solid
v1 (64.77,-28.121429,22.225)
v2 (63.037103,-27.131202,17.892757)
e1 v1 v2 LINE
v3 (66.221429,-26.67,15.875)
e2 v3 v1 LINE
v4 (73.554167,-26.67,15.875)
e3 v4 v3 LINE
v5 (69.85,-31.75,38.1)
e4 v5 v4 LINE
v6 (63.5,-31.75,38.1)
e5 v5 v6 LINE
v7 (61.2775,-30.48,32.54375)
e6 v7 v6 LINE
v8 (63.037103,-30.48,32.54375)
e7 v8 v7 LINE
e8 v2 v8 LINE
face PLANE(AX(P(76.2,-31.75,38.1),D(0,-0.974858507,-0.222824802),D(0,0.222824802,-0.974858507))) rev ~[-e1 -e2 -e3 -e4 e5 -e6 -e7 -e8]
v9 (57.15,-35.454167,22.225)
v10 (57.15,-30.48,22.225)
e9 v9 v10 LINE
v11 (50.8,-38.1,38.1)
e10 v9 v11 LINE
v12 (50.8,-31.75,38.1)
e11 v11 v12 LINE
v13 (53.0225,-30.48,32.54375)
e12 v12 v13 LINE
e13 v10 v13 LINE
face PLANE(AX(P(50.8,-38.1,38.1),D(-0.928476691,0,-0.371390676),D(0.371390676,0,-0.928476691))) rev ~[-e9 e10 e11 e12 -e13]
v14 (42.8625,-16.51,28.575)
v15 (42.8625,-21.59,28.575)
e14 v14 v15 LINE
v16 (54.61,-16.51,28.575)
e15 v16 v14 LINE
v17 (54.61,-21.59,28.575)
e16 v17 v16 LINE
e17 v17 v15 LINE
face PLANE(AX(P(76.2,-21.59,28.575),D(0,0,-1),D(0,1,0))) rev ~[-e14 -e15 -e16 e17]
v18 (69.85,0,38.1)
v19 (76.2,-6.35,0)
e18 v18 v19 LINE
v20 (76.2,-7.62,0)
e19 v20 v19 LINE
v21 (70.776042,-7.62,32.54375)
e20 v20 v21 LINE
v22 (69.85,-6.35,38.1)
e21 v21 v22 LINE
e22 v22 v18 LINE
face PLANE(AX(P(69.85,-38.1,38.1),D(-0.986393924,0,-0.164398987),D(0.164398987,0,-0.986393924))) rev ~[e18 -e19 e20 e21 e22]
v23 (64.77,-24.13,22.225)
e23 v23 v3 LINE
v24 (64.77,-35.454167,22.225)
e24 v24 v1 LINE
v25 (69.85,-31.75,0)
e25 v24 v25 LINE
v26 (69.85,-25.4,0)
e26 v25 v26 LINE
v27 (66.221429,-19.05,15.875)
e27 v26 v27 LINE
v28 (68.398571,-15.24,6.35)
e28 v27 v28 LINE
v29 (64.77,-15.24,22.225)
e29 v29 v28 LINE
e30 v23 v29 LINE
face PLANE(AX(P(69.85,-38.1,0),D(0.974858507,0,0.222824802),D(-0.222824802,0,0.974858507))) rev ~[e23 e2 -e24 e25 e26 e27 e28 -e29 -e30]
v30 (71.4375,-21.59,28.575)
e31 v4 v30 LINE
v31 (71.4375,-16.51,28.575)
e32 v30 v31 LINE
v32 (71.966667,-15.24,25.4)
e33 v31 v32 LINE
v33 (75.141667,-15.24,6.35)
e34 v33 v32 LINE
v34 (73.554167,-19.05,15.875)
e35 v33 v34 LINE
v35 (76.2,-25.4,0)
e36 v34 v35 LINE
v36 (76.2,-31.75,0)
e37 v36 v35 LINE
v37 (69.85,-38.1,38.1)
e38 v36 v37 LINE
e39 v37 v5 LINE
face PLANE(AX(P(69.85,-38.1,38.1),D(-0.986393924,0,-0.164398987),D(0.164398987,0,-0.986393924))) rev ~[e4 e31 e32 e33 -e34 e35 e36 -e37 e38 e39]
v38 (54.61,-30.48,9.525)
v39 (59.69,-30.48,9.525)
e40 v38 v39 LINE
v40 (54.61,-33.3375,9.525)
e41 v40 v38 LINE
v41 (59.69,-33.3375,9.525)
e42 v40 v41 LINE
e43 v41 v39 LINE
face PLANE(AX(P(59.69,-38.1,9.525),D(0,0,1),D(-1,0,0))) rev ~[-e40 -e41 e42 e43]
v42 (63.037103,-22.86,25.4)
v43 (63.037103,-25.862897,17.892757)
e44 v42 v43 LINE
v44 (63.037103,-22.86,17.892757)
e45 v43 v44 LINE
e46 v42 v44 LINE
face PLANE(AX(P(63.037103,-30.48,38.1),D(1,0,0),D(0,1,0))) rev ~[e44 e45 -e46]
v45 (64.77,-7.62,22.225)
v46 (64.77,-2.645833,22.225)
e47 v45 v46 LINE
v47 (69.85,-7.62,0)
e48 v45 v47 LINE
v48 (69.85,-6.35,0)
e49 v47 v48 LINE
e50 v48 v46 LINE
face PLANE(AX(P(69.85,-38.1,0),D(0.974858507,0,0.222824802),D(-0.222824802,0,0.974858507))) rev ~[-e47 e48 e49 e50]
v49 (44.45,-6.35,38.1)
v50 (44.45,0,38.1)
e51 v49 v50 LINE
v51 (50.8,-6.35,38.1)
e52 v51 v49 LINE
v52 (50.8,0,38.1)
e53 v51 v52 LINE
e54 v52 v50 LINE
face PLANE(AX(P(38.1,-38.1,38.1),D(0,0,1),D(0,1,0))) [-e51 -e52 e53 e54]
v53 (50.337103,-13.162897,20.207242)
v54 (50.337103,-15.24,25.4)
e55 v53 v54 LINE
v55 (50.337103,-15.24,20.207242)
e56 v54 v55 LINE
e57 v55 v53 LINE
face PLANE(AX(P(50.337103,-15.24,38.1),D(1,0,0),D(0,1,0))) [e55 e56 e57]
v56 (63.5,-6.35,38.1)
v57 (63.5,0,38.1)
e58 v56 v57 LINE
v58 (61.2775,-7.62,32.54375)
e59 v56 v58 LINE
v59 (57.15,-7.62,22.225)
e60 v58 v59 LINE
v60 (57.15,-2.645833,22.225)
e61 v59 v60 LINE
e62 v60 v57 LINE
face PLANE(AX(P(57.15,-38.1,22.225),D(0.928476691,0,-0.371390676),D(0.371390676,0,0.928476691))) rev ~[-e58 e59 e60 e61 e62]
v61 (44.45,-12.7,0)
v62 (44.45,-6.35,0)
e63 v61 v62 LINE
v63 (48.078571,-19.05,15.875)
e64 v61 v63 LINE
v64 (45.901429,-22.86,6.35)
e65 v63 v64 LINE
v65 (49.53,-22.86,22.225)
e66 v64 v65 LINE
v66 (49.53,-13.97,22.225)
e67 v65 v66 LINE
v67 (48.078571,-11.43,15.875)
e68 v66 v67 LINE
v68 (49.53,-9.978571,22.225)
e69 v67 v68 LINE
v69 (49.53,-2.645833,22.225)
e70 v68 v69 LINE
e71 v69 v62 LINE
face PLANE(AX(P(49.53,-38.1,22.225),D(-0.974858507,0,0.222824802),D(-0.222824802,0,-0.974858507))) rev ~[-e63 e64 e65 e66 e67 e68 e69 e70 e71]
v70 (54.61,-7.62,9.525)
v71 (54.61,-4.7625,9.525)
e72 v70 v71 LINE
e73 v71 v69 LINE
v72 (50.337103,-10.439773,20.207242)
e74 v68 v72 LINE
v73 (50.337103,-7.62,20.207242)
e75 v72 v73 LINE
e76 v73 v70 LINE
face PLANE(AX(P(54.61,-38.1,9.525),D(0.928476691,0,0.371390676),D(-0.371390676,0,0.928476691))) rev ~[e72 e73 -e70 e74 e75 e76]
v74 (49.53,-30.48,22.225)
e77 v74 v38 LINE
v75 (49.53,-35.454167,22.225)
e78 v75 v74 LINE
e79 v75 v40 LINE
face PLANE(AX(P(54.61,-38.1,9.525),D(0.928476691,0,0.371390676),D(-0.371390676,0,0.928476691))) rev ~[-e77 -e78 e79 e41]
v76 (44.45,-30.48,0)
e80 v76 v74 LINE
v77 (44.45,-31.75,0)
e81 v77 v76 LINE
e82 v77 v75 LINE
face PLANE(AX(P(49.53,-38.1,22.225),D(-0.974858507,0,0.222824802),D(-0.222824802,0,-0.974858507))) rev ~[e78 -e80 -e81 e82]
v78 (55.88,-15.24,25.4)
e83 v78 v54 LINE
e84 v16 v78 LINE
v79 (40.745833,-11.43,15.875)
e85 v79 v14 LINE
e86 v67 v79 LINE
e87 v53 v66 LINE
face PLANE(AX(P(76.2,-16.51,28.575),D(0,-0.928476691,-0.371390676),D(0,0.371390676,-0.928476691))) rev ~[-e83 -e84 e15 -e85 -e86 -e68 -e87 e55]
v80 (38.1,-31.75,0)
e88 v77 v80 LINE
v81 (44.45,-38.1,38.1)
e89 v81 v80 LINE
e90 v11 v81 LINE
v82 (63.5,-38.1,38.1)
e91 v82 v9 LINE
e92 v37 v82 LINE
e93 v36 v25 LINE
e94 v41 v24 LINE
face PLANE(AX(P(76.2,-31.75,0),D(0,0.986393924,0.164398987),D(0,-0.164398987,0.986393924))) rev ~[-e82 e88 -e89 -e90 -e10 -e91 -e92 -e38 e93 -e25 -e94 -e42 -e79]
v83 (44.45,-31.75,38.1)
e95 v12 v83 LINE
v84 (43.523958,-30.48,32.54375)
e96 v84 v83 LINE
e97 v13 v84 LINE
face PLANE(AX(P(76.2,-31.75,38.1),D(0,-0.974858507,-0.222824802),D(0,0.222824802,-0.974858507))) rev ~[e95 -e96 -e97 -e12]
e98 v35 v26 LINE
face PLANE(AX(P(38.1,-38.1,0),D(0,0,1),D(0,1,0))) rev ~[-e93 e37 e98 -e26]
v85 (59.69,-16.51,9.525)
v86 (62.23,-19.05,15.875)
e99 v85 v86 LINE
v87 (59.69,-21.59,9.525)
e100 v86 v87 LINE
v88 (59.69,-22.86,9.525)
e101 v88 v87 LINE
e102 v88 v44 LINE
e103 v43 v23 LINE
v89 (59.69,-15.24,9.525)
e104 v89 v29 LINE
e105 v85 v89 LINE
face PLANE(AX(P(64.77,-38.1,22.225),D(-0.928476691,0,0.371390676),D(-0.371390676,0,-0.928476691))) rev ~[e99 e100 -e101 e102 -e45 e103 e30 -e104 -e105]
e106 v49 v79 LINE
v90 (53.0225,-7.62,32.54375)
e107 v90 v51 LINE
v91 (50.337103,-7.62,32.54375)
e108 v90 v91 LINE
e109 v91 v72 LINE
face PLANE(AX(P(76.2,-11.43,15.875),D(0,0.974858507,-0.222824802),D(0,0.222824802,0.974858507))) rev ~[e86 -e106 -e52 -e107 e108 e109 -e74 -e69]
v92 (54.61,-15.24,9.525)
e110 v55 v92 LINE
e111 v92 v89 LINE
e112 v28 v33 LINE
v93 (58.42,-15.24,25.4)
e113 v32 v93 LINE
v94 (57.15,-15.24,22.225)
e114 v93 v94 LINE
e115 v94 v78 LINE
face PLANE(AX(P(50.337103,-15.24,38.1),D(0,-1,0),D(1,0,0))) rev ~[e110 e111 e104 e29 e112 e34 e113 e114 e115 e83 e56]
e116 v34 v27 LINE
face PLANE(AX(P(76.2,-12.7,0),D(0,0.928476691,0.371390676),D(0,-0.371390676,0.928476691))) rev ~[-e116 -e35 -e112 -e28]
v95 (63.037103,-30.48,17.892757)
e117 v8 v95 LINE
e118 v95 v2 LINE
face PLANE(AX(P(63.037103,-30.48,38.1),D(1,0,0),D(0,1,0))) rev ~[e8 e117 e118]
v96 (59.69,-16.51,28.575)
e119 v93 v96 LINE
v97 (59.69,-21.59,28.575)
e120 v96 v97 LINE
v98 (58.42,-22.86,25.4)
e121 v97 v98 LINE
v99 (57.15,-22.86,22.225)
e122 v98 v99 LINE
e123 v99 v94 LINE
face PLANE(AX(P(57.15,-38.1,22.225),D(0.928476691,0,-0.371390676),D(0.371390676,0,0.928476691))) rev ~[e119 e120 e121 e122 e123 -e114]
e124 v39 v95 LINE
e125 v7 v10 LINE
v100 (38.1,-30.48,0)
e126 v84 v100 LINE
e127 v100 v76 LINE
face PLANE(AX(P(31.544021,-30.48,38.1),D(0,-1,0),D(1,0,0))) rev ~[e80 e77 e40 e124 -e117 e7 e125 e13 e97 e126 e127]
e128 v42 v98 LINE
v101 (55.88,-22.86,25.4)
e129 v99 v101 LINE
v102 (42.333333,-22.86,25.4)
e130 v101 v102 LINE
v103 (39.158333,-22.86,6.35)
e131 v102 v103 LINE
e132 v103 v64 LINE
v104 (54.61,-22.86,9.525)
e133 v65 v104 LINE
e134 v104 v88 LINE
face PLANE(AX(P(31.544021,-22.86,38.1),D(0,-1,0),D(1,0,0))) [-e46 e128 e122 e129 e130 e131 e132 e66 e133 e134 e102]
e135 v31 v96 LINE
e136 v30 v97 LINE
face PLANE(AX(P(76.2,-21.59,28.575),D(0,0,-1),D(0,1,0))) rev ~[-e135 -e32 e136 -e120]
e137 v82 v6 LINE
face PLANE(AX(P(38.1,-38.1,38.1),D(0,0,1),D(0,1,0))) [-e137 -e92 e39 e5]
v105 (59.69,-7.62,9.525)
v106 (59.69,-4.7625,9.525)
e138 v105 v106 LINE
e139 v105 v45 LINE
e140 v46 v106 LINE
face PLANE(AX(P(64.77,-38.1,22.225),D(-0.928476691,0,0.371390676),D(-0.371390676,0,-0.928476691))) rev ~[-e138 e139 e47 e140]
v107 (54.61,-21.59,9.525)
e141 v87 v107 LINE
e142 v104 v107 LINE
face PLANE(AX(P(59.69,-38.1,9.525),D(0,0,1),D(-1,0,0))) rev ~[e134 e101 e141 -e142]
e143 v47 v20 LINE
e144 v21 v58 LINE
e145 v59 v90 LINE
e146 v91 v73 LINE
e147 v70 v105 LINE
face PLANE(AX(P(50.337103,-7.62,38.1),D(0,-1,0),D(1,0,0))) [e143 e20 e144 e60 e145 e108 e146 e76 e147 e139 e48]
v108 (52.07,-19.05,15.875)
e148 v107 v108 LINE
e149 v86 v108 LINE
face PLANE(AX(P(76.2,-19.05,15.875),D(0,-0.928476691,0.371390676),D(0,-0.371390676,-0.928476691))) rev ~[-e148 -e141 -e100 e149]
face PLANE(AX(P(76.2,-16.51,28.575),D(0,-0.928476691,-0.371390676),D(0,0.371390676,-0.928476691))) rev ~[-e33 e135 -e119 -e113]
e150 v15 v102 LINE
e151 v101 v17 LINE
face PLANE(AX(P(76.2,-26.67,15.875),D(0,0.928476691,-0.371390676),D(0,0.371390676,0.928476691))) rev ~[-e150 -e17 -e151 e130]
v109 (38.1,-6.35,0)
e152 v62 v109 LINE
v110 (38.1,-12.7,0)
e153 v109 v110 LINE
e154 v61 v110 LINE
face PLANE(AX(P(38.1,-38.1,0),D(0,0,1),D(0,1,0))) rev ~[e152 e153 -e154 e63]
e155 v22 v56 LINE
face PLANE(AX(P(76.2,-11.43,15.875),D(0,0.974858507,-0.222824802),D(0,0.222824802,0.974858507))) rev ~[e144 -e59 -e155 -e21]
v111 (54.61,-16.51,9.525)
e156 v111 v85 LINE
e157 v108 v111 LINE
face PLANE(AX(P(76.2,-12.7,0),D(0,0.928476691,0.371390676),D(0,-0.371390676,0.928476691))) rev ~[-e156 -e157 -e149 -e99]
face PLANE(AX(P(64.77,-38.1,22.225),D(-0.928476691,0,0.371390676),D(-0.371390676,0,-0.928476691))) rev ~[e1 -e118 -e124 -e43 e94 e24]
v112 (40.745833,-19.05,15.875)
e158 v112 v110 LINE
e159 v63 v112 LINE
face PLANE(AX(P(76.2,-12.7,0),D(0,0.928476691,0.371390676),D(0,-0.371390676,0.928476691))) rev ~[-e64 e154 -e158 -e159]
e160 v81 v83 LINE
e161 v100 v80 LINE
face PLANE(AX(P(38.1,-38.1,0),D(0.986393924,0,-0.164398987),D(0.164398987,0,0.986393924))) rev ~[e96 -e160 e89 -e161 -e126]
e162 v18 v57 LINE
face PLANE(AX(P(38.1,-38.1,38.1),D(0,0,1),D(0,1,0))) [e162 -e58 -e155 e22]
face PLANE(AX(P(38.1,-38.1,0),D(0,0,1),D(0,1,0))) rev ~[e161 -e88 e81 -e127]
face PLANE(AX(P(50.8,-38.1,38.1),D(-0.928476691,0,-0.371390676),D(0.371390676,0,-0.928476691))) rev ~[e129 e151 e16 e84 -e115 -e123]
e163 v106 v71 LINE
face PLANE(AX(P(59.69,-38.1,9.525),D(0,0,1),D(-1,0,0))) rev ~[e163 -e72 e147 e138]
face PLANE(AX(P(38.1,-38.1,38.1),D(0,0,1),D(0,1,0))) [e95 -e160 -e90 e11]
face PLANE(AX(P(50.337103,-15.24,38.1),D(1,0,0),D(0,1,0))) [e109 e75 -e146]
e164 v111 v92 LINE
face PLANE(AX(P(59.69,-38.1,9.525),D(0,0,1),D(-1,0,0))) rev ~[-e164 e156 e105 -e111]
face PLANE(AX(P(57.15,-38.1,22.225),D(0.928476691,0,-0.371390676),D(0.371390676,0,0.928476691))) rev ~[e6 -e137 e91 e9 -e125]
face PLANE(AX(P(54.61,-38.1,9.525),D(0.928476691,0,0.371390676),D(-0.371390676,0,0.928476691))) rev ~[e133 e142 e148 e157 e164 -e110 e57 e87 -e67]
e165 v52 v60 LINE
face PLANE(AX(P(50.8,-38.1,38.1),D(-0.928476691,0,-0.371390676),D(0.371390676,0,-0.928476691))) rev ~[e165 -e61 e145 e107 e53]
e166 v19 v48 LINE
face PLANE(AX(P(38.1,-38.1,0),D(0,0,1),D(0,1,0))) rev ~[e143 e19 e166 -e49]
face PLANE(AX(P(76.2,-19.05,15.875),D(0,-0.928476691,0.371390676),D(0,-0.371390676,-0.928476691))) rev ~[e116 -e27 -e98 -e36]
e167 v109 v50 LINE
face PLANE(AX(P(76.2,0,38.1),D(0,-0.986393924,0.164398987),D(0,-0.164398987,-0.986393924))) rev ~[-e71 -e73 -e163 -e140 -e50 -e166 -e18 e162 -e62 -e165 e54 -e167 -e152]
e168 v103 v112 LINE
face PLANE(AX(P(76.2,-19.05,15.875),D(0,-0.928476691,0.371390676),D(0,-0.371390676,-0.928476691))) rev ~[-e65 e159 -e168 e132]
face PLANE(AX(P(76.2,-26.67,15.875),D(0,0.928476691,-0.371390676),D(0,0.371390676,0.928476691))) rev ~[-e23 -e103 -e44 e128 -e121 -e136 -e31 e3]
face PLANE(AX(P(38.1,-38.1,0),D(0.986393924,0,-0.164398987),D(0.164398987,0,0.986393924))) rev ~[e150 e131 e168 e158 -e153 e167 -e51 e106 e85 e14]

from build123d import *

# Parameters (mm, degrees)
F0_W      = 38.1
F0_H      = 38.1
F1_DEPTH  = 38.1
F5_W      = 38.1
F5_H      = 38.1
F6_DEPTH  = 38.1
F1_FACE_W = 38.1
F1_FACE_H = 38.1
F8_DEPTH  = 38.1
F9_DEPTH  = 38.1
F11_DEPTH = 38.1
F13_W     = 28.973644
F13_H     = 7.62
F13_W_2   = 31.493082
F14_DEPTH = 38.1


with BuildPart() as f1:
    # F0 (on Front) → F1 (new body)
    with BuildSketch(Plane.XZ):
        with Locations((19.05, 19.05)):
            Rectangle(F0_W, F0_H)
    extrude(amount=F1_DEPTH)

    # F5 (on offset) → F6 (join)
    with BuildSketch(Plane.YZ.offset(38.1)):
        with Locations((-19.05, 19.05)):
            Rectangle(F5_W, F5_H)
    extrude(amount=F6_DEPTH)

    # F1_face (on face) → F8 (cut)
    with BuildSketch(Plane(origin=(0, -19.05, 19.05), x_dir=(0, -1, 0), z_dir=(-1, 0, 0))):
        Rectangle(F1_FACE_W, F1_FACE_H)
    extrude(amount=-F8_DEPTH, mode=Mode.SUBTRACT)

    # F7 (on face) → F9 (cut)
    with BuildSketch(Plane.YZ.offset(76.2)):
        Polygon((-6.35, 38.1), (-31.75, 38.1), (-26.67, 15.875), (-21.59, 28.575), (-16.51, 28.575), (-11.43, 15.875), align=None)
        Polygon((-19.05, 15.875), (-25.4, 0), (-12.7, 0), align=None)
        Polygon((0, 0), (0, 38.1), (-6.35, 0), align=None)
        Polygon((-31.75, 0), (-38.1, 38.1), (-38.1, 0), align=None)
    extrude(amount=-F9_DEPTH, mode=Mode.SUBTRACT)

    # F10 (on offset) → F11 (cut)
    with BuildSketch(Plane.XZ.offset(38.1)):
        Polygon((63.5, 38.1), (50.8, 38.1), (57.15, 22.225), align=None)
        Polygon((49.53, 22.225), (44.45, 0), (69.85, 0), (64.77, 22.225), (59.69, 9.525), (54.61, 9.525), align=None)
        Polygon((69.85, 38.1), (76.2, 0), (76.2, 38.1), align=None)
        Polygon((38.1, 38.1), (38.1, 0), (44.45, 38.1), align=None)
    extrude(amount=-F11_DEPTH, mode=Mode.SUBTRACT)

    # F13 (on face) → F14 (cut)
    with BuildSketch(Plane.XY.offset(38.1)):
        with Locations((64.823925, -11.43)):
            Rectangle(F13_W, F13_H)
        with Locations((47.290562, -26.67)):
            Rectangle(F13_W_2, F13_H)
    extrude(amount=-F14_DEPTH, mode=Mode.SUBTRACT)


solid = f1.part
